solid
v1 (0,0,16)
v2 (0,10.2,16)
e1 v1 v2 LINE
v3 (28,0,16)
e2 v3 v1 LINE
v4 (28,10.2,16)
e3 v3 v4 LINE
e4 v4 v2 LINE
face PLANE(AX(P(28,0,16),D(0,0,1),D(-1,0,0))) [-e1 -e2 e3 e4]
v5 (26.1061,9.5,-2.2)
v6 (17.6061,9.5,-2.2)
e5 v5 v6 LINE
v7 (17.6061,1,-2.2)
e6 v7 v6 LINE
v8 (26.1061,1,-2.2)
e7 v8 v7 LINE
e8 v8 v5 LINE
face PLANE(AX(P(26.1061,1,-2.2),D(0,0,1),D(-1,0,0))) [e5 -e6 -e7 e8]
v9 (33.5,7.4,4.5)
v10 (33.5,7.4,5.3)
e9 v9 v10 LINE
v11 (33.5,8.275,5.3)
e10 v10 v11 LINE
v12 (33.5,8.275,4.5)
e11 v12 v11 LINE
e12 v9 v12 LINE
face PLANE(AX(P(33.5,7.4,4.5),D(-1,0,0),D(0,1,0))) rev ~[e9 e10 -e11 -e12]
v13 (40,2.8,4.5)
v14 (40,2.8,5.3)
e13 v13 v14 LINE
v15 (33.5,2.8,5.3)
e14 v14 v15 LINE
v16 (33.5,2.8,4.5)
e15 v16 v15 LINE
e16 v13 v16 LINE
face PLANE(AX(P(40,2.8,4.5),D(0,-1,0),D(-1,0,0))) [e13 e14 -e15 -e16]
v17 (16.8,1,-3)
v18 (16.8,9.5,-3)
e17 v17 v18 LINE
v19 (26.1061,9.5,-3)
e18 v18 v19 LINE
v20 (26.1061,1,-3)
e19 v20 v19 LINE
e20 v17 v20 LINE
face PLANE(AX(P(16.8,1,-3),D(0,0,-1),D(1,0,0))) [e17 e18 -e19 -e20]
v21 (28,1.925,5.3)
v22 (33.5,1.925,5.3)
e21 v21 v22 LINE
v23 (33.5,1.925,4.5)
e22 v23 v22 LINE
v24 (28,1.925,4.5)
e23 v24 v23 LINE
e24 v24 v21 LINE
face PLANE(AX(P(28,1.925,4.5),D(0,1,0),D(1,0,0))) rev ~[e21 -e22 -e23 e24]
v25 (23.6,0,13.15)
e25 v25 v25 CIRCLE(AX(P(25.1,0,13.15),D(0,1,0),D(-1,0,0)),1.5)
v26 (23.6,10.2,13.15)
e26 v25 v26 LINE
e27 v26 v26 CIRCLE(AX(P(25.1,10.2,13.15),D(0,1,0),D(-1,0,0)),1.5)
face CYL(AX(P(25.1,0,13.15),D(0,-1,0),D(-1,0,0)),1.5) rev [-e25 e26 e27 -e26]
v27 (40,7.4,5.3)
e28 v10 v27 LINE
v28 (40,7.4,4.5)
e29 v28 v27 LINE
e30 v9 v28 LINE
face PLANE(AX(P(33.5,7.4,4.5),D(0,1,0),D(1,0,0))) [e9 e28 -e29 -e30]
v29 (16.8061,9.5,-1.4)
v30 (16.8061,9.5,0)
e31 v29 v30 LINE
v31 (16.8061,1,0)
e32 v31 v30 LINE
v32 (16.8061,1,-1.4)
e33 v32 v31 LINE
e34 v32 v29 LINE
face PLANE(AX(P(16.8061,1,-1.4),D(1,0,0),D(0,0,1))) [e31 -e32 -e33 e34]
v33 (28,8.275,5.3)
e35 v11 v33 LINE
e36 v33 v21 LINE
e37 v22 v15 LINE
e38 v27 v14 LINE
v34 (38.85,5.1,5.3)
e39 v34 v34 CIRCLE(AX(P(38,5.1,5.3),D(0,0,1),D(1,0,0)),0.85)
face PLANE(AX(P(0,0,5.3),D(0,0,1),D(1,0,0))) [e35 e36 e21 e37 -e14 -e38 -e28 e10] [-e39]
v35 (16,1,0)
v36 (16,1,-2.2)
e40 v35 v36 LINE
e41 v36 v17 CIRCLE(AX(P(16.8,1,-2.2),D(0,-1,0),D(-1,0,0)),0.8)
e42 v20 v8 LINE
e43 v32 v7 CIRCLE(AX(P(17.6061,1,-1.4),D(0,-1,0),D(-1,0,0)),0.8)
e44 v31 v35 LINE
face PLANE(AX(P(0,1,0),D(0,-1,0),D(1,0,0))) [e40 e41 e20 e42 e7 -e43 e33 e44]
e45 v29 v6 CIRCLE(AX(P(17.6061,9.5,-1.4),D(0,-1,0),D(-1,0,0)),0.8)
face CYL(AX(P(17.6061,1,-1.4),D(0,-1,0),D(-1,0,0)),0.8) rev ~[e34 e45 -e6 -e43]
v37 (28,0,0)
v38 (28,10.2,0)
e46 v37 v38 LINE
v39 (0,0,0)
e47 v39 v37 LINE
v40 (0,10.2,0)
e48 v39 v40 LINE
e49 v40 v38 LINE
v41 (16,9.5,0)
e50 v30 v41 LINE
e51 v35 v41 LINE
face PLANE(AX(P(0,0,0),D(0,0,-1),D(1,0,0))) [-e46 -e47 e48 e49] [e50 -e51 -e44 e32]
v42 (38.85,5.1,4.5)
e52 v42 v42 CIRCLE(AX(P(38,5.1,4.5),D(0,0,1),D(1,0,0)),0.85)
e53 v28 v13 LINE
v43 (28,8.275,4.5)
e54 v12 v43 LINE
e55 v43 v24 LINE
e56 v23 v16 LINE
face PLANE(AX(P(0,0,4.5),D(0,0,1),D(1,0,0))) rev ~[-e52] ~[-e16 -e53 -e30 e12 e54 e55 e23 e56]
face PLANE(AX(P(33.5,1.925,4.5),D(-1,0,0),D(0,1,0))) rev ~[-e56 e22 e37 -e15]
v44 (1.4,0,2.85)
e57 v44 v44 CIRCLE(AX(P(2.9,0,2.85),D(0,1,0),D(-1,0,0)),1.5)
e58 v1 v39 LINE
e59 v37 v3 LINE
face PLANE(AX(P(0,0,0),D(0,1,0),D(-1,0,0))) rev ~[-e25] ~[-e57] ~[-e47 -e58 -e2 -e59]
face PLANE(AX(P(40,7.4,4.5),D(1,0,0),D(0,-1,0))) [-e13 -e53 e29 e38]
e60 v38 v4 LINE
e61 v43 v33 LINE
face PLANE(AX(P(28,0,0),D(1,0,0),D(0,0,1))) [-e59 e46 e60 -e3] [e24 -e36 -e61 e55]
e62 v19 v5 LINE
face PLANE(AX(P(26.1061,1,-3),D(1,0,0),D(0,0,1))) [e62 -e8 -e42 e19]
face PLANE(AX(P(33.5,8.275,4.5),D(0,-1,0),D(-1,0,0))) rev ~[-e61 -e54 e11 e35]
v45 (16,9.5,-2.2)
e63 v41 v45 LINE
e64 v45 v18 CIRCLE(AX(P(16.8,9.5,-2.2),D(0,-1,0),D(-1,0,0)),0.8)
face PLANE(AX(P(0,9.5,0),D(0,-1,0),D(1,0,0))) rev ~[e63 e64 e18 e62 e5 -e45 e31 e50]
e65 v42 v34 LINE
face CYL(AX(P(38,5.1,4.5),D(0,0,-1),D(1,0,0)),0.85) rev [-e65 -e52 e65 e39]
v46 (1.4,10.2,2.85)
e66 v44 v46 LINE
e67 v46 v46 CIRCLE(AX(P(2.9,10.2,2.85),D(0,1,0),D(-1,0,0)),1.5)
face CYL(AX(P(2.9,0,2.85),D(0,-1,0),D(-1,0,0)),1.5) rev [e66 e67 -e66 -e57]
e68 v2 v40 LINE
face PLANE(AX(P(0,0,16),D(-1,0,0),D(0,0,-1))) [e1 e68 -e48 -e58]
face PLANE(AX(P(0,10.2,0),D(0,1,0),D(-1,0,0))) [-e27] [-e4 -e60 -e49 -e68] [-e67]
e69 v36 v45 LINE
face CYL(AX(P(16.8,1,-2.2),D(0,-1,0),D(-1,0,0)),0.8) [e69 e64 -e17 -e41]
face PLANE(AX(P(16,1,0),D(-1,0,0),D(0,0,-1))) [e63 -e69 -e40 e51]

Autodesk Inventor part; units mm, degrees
ref_plane "YZ Plane" through (0, 0, 0) normal (1, 0, 0) x (0, 1, 0)
ref_plane "XZ Plane" through (0, 0, 0) normal (0, 1, 0) x (-1, 0, 0)
sketch "Sketch1" plane through (0, 0, 0) normal (0, 1, 0) x (-1, 0, 0)
  line L0 (0, 0) -> (-28, 0)
  line L1 (-28, 0) -> (-28, 16)
  line L2 (-28, 16) -> (0, 16)
  line L3 (0, 16) -> (0, 0)
  circle A0 centre (-25.1, 13.15) radius 1.5
  circle A1 centre (-2.9, 2.85) radius 1.5
  line L4 (-28, 8) -> (0, 8) construction
  line L5 (-14, 0) -> (-14, 16) construction
  line L6 (-25.1, 13.15) -> (-28, 13.15) construction
  line L7 (-25.1, 13.15) -> (-25.1, 16) construction
  line L8 (-2.9, 2.85) -> (-2.9, 0) construction
  line L9 (-2.9, 2.85) -> (0, 2.85) construction
  dimension "d0" = 28
  dimension "d1" = 16
  dimension "d2" = 3
  dimension "d3" = 3
  dimension "d4" = 22.2
  dimension "d5" = 10.3
extrude "Extrusion1" add sketch "Sketch1" along normal blind 10.2
ref_plane "Work Plane1" through (0, 0, 4.5) normal (0, 0, 1) x (1, 0, 0)
sketch "Sketch2" plane through (0, 0, 4.5) normal (0, 0, 1) x (1, 0, 0)
  line L0 (28, 1.925) -> (33.5, 1.925)
  line L1 (33.5, 1.925) -> (33.5, 2.8)
  line L2 (33.5, 8.275) -> (28, 8.275)
  line L3 (28, 8.275) -> (28, 1.925)
  line L4 (33.5, 7.4) -> (40, 7.4)
  line L5 (40, 7.4) -> (40, 2.8)
  line L6 (40, 2.8) -> (33.5, 2.8)
  line L7 (33.5, 7.4) -> (33.5, 8.275)
  line L8 (33.5, 2.8) -> (33.5, 7.4) construction
  line L9 (28, 1.925) -> (28, 0) construction
  line L10 (28, 8.275) -> (28, 10.2) construction
  circle A0 centre (38, 5.1) radius 0.85
  line L11 (38, 5.1) -> (38, 2.8) construction
  line L12 (38, 7.4) -> (38, 5.1) construction
  point P0 (0, 0)
  dimension "d12" = 6.5
  dimension "d13" = 1.7
  dimension "d14" = 2
  dimension "d15" = 12
  dimension "d16" = 4.6
  dimension "d17" = 6.35
extrude "Extrusion2" add sketch "Sketch2" along normal blind 0.8
ref_plane "Work Plane2" through (0, 1, 0) normal (0, -1, 0) x (1, 0, 0)
sketch "Sketch4" plane through (0, 1, 0) normal (0, -1, 0) x (1, 0, 0)
  line L0 (16.8061, 0) -> (16, 0)
  line L1 (16, 0) -> (16, -2.2)
  line L2 (16.8, -3) -> (16.8, -3)
  line L3 (16.8, -3) -> (26.1061, -3)
  line L4 (26.1061, -3) -> (26.1061, -2.2)
  line L5 (26.1061, -2.2) -> (17.6061, -2.2)
  line L6 (16.8061, -1.4) -> (16.8061, 0)
  arc A0 (16, -2.2) -> (16.8, -3) centre (16.8, -2.2) ccw
  arc A1 (16.8061, -1.4) -> (17.6061, -2.2) centre (17.6061, -1.4) ccw
  line L7 (0, 0) -> (0, 16) projected
  point P0 (16, -3)
  point P1 (16.8061, -2.2)
  dimension "d32" = 0.8
  dimension "d33" = 3
  dimension "d34" = 9.3
  dimension "d35" = 0.8
  dimension "d36" = 0.8
  dimension "d41" = 16
extrude "Extrusion3" add sketch "Sketch4" against normal blind 8.5
properties part number "game-switch"
